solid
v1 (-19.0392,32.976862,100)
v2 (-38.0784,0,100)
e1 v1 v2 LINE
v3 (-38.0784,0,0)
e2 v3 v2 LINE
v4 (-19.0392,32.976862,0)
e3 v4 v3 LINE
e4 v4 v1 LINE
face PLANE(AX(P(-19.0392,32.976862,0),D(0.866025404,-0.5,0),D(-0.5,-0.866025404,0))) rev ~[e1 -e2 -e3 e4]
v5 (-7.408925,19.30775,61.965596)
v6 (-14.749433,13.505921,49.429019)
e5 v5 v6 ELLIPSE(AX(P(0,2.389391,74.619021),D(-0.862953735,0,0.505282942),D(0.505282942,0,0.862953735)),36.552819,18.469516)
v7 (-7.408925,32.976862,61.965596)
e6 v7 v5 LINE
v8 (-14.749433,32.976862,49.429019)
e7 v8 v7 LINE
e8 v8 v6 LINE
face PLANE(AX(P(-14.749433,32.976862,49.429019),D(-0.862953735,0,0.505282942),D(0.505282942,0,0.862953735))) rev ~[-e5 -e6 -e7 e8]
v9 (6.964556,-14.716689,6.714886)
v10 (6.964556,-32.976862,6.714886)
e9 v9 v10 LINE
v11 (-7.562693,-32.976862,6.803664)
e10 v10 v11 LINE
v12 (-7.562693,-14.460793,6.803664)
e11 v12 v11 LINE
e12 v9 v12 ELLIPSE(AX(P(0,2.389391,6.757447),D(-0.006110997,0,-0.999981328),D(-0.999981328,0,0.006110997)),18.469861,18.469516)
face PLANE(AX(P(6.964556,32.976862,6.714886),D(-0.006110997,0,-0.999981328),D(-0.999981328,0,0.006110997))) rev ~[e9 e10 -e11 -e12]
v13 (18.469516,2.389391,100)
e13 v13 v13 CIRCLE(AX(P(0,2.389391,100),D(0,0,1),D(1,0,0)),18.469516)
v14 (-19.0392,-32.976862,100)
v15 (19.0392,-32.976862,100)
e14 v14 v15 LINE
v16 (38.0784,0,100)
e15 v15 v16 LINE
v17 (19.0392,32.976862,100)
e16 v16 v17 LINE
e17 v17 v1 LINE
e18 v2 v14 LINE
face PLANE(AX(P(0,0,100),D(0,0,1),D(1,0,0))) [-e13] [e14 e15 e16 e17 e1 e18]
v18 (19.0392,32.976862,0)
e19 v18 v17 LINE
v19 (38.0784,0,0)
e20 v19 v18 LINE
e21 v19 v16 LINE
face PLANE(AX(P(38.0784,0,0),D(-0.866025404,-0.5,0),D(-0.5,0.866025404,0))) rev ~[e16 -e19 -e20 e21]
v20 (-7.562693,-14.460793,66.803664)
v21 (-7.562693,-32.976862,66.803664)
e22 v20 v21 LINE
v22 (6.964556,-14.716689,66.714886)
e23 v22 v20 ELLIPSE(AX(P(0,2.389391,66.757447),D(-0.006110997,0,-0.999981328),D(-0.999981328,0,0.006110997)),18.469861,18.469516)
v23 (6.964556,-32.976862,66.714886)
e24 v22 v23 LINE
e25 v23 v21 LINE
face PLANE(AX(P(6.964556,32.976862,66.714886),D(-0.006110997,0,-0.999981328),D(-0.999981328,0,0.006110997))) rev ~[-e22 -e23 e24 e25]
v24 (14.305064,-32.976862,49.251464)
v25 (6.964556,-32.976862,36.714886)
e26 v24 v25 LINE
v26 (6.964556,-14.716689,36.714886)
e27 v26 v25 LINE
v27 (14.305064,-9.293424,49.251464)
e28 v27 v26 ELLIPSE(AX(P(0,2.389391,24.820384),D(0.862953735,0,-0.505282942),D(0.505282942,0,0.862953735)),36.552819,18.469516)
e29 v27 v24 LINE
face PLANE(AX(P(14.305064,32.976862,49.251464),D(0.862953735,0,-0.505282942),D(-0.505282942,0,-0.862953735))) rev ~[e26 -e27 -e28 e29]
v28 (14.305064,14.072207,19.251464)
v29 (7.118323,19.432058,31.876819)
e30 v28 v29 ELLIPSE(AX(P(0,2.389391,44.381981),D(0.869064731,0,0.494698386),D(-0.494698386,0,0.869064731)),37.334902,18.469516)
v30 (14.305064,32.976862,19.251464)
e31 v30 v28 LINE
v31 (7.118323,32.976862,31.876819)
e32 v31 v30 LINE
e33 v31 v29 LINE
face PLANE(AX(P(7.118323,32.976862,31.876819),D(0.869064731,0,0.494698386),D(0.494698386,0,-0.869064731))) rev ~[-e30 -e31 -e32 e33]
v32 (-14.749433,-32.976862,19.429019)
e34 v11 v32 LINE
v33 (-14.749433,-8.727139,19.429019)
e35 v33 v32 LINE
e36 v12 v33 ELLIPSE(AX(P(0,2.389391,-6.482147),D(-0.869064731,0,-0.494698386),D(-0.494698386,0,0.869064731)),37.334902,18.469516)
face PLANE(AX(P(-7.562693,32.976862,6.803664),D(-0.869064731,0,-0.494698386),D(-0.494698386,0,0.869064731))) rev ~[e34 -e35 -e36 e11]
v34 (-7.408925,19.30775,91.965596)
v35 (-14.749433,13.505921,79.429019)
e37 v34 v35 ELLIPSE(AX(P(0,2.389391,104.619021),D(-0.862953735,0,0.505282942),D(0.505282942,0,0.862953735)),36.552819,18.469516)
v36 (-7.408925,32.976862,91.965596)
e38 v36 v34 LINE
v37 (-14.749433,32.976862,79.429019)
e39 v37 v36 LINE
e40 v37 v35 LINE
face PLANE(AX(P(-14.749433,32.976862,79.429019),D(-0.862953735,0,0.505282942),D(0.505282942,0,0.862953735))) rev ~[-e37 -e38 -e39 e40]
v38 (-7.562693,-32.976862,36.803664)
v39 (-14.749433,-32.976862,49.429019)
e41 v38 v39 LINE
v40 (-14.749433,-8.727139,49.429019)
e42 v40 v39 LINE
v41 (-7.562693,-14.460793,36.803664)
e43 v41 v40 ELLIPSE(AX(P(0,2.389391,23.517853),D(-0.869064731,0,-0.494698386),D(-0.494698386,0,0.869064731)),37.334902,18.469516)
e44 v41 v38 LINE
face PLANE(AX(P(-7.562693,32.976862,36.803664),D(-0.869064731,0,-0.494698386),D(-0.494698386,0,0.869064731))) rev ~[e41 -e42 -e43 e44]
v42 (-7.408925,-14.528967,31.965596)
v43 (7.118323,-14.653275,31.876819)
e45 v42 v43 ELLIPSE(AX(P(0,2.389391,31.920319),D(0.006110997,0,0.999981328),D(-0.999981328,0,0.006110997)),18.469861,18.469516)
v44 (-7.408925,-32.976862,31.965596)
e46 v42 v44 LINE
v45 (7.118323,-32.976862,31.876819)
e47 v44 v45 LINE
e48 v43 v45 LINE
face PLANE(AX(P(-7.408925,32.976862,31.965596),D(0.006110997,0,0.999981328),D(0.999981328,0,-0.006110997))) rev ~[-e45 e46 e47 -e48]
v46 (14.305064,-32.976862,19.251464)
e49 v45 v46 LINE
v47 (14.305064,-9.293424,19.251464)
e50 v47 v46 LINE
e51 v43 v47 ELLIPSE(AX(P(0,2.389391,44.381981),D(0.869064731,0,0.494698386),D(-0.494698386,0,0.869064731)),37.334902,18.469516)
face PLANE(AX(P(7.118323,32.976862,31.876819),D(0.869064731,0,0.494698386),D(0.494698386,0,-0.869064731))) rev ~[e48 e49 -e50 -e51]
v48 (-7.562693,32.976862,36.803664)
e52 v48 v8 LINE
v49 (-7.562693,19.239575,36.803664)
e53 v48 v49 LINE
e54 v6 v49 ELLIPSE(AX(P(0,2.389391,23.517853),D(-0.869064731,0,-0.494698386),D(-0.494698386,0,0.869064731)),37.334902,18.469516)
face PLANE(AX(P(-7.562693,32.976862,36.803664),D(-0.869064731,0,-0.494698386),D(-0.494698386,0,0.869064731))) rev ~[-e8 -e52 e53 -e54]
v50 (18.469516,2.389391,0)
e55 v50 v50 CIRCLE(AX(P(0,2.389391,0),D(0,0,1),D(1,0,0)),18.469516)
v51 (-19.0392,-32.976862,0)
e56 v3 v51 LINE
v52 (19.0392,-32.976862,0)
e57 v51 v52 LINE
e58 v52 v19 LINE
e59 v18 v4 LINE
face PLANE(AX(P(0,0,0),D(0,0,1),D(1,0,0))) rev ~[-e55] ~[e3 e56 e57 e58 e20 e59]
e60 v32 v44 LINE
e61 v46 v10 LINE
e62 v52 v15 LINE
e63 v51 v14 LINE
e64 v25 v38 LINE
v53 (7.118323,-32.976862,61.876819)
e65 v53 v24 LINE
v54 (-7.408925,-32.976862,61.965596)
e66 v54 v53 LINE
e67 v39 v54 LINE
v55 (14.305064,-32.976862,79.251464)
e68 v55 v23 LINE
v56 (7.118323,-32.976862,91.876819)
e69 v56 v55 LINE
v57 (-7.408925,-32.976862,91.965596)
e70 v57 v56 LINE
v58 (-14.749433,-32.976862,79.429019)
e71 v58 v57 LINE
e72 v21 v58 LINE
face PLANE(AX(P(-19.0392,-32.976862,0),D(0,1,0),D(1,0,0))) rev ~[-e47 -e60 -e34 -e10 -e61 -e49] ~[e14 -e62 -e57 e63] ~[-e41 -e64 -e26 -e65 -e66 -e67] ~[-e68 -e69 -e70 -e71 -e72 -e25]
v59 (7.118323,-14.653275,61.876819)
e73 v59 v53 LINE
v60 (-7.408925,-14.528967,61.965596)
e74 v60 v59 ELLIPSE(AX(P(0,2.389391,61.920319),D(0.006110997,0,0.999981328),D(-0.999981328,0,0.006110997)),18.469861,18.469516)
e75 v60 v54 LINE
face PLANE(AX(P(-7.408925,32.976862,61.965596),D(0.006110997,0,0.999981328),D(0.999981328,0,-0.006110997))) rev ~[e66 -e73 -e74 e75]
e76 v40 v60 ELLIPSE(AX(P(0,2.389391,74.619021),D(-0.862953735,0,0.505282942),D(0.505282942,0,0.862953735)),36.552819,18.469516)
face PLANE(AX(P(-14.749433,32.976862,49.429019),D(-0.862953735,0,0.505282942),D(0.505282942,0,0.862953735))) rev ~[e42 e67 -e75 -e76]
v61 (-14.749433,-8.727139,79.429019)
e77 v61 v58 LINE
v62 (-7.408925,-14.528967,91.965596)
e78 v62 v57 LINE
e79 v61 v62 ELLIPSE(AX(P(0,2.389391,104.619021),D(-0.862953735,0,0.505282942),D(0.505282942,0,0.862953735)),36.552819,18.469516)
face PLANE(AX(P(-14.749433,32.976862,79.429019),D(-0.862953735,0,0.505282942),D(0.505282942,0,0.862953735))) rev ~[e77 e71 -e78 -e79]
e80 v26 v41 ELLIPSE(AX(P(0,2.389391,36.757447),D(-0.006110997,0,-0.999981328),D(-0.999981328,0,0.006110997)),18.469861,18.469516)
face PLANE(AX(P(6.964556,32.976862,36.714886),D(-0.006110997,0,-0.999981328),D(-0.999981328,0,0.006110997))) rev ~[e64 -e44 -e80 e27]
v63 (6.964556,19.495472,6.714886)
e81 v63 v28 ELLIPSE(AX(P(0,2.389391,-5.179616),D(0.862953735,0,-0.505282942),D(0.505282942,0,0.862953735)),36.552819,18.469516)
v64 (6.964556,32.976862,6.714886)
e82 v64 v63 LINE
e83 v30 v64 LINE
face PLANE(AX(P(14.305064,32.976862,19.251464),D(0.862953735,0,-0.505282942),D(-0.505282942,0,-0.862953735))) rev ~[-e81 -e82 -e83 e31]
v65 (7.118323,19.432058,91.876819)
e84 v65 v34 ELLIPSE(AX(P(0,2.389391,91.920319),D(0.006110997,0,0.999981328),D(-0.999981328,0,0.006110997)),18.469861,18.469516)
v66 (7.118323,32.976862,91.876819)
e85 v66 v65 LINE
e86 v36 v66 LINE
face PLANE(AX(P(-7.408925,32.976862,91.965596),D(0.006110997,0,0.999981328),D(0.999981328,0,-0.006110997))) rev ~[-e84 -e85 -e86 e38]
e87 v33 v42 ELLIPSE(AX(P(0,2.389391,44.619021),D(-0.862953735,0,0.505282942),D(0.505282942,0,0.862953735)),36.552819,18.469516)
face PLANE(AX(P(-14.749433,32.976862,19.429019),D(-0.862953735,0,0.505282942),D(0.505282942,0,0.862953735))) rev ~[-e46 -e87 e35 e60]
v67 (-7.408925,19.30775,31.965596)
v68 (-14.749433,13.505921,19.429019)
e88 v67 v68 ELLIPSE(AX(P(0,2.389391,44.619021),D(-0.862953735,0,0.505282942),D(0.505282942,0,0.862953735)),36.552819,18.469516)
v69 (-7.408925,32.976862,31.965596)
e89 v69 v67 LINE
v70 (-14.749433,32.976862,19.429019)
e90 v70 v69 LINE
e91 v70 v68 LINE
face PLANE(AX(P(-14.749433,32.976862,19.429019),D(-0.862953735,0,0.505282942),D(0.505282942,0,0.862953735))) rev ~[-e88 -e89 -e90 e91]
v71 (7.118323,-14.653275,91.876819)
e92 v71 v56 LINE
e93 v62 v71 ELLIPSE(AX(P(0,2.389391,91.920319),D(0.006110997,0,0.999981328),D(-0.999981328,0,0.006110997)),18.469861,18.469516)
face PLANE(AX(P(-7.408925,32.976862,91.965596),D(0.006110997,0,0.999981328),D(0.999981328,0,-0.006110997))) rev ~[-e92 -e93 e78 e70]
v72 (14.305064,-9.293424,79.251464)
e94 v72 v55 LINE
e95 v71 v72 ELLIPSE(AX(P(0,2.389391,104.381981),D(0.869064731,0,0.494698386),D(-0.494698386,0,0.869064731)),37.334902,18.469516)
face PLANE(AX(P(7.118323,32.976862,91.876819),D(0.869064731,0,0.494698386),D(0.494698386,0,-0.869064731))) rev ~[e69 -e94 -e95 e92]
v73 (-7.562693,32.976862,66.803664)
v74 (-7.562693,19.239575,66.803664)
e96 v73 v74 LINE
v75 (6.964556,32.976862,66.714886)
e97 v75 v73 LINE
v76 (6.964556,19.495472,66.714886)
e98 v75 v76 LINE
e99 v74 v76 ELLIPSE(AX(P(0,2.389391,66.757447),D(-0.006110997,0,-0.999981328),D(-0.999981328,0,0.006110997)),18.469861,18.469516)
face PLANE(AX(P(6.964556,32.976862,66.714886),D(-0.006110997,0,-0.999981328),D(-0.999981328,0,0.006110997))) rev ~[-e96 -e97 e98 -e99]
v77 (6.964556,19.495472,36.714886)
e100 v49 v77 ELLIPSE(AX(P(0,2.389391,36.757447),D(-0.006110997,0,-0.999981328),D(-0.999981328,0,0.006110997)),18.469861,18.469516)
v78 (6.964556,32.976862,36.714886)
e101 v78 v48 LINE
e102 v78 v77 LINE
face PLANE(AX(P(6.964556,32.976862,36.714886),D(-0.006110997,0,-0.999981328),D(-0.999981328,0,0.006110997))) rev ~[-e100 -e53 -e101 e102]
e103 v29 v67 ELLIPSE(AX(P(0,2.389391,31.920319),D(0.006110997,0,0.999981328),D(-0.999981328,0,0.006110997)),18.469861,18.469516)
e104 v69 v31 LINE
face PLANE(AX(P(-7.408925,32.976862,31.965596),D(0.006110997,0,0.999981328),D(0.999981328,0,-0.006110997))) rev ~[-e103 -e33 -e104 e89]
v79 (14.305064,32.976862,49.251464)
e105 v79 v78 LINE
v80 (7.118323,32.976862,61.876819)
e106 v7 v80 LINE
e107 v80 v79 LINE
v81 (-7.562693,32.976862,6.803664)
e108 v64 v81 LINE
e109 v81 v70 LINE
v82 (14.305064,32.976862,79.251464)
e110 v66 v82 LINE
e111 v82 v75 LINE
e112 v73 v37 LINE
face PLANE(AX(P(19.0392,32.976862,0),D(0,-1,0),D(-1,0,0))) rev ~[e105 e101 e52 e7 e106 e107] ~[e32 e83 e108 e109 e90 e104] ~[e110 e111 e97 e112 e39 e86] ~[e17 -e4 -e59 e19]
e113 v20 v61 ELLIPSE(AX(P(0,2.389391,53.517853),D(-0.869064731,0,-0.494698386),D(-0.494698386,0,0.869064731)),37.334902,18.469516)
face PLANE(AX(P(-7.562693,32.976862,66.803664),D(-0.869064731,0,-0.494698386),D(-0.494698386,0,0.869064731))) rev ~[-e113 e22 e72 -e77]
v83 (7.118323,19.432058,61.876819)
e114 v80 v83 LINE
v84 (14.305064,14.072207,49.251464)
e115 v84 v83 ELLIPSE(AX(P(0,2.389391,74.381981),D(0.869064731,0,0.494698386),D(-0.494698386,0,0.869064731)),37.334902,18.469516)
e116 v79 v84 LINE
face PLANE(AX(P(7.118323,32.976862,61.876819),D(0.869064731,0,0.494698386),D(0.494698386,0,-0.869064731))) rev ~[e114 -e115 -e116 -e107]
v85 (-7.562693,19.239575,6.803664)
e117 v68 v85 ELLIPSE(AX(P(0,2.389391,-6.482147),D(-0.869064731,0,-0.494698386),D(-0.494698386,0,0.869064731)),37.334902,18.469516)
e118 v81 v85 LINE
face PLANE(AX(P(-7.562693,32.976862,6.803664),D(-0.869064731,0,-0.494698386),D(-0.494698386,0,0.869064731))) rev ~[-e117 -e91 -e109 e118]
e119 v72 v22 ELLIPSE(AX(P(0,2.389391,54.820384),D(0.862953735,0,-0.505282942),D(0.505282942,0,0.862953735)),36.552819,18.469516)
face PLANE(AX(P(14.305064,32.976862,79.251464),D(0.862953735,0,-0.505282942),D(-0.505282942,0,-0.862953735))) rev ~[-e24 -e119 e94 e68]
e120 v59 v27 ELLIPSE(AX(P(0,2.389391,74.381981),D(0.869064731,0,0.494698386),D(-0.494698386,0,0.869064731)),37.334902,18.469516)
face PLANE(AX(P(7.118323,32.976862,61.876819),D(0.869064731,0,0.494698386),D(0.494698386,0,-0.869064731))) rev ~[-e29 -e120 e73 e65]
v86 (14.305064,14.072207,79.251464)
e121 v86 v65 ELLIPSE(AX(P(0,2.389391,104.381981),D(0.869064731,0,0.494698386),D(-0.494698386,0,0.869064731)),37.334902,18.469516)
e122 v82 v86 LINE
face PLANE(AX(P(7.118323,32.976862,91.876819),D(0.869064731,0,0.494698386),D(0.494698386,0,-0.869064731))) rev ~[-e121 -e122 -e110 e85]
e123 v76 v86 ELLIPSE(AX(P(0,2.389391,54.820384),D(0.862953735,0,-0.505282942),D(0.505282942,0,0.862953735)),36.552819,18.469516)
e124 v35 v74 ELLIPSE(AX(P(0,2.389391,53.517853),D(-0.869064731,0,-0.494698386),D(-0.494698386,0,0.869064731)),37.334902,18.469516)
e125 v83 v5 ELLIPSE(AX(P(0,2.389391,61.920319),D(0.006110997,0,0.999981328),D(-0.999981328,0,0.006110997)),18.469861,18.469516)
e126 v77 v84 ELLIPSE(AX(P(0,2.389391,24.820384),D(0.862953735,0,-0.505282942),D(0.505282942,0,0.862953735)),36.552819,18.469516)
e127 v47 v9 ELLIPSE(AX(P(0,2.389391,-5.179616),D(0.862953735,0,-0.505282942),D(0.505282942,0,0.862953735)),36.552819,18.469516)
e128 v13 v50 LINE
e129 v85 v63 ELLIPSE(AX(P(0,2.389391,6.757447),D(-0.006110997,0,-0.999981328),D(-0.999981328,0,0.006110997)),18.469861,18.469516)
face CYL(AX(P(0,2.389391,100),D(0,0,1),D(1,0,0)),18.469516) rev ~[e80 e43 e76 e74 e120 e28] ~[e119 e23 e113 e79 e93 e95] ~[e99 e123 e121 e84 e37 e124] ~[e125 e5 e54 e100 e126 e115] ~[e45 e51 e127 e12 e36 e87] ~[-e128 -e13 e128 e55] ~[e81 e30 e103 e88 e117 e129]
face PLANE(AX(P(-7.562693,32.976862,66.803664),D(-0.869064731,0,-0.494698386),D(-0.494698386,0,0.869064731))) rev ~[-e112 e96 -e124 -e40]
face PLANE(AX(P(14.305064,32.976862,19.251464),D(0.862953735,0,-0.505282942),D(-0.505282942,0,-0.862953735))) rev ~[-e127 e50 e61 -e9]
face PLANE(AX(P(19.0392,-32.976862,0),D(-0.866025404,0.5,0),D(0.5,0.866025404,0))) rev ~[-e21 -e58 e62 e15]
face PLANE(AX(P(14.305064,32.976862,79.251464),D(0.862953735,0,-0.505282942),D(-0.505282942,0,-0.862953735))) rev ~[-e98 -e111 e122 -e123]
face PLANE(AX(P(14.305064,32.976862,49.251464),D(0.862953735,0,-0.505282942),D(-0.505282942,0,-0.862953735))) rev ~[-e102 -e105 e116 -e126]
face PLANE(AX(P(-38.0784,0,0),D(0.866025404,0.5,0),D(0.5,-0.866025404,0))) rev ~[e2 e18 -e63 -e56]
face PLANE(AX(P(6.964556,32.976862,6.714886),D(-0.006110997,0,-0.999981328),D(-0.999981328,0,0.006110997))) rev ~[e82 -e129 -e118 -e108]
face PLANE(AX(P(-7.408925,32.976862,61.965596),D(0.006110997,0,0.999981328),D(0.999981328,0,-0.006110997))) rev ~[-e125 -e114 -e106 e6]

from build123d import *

# Parameters (mm, degrees)
EXTRUDE_1_DEPTH     = 100
SKETCH_2_R          = 18.469515879
CUT_EXTRUDE_1_DEPTH = 100
CUT_EXTRUDE_6_DEPTH = 126.697486666


with BuildPart() as part:
    # 草图1 → 凸台-拉伸1 (new body)
    with BuildSketch(Plane.XY):
        Polygon((38.078399894, 0), (19.039199947, 32.976861644), (-19.039199947, 32.976861644), (-38.078399894, 0), (-19.039199947, -32.976861644), (19.039199947, -32.976861644), align=None)
    extrude(amount=EXTRUDE_1_DEPTH)

    # 草图2 → 切除-拉伸1 (cut)
    with BuildSketch(Plane.XY.offset(100)):
        with Locations((0, 2.389391374)):
            Circle(SKETCH_2_R)
    extrude(amount=-CUT_EXTRUDE_1_DEPTH, mode=Mode.SUBTRACT)

    # 草图7 → 切除-拉伸6 (cut, through all)
    with BuildSketch(Plane(origin=(0, 32.976861644, 0), x_dir=(1, 0, 0), z_dir=(0, 1, 0))):
        Polygon((6.96455573, -36.71488632), (-7.562692597, -36.803663943), (-14.749433085, -49.429018853), (-7.408925244, -61.965596141), (7.118323083, -61.876818518), (14.305063571, -49.251463608), align=None)
        Polygon((6.96455573, -6.71488632), (-7.562692597, -6.803663943), (-14.749433085, -19.429018853), (-7.408925244, -31.965596141), (7.118323083, -31.876818518), (14.305063571, -19.251463608), align=None)
        Polygon((6.96455573, -66.71488632), (-7.562692597, -66.803663943), (-14.749433085, -79.429018853), (-7.408925244, -91.965596141), (7.118323083, -91.876818518), (14.305063571, -79.251463608), align=None)
    extrude(amount=-CUT_EXTRUDE_6_DEPTH, mode=Mode.SUBTRACT)


solid = part.part
